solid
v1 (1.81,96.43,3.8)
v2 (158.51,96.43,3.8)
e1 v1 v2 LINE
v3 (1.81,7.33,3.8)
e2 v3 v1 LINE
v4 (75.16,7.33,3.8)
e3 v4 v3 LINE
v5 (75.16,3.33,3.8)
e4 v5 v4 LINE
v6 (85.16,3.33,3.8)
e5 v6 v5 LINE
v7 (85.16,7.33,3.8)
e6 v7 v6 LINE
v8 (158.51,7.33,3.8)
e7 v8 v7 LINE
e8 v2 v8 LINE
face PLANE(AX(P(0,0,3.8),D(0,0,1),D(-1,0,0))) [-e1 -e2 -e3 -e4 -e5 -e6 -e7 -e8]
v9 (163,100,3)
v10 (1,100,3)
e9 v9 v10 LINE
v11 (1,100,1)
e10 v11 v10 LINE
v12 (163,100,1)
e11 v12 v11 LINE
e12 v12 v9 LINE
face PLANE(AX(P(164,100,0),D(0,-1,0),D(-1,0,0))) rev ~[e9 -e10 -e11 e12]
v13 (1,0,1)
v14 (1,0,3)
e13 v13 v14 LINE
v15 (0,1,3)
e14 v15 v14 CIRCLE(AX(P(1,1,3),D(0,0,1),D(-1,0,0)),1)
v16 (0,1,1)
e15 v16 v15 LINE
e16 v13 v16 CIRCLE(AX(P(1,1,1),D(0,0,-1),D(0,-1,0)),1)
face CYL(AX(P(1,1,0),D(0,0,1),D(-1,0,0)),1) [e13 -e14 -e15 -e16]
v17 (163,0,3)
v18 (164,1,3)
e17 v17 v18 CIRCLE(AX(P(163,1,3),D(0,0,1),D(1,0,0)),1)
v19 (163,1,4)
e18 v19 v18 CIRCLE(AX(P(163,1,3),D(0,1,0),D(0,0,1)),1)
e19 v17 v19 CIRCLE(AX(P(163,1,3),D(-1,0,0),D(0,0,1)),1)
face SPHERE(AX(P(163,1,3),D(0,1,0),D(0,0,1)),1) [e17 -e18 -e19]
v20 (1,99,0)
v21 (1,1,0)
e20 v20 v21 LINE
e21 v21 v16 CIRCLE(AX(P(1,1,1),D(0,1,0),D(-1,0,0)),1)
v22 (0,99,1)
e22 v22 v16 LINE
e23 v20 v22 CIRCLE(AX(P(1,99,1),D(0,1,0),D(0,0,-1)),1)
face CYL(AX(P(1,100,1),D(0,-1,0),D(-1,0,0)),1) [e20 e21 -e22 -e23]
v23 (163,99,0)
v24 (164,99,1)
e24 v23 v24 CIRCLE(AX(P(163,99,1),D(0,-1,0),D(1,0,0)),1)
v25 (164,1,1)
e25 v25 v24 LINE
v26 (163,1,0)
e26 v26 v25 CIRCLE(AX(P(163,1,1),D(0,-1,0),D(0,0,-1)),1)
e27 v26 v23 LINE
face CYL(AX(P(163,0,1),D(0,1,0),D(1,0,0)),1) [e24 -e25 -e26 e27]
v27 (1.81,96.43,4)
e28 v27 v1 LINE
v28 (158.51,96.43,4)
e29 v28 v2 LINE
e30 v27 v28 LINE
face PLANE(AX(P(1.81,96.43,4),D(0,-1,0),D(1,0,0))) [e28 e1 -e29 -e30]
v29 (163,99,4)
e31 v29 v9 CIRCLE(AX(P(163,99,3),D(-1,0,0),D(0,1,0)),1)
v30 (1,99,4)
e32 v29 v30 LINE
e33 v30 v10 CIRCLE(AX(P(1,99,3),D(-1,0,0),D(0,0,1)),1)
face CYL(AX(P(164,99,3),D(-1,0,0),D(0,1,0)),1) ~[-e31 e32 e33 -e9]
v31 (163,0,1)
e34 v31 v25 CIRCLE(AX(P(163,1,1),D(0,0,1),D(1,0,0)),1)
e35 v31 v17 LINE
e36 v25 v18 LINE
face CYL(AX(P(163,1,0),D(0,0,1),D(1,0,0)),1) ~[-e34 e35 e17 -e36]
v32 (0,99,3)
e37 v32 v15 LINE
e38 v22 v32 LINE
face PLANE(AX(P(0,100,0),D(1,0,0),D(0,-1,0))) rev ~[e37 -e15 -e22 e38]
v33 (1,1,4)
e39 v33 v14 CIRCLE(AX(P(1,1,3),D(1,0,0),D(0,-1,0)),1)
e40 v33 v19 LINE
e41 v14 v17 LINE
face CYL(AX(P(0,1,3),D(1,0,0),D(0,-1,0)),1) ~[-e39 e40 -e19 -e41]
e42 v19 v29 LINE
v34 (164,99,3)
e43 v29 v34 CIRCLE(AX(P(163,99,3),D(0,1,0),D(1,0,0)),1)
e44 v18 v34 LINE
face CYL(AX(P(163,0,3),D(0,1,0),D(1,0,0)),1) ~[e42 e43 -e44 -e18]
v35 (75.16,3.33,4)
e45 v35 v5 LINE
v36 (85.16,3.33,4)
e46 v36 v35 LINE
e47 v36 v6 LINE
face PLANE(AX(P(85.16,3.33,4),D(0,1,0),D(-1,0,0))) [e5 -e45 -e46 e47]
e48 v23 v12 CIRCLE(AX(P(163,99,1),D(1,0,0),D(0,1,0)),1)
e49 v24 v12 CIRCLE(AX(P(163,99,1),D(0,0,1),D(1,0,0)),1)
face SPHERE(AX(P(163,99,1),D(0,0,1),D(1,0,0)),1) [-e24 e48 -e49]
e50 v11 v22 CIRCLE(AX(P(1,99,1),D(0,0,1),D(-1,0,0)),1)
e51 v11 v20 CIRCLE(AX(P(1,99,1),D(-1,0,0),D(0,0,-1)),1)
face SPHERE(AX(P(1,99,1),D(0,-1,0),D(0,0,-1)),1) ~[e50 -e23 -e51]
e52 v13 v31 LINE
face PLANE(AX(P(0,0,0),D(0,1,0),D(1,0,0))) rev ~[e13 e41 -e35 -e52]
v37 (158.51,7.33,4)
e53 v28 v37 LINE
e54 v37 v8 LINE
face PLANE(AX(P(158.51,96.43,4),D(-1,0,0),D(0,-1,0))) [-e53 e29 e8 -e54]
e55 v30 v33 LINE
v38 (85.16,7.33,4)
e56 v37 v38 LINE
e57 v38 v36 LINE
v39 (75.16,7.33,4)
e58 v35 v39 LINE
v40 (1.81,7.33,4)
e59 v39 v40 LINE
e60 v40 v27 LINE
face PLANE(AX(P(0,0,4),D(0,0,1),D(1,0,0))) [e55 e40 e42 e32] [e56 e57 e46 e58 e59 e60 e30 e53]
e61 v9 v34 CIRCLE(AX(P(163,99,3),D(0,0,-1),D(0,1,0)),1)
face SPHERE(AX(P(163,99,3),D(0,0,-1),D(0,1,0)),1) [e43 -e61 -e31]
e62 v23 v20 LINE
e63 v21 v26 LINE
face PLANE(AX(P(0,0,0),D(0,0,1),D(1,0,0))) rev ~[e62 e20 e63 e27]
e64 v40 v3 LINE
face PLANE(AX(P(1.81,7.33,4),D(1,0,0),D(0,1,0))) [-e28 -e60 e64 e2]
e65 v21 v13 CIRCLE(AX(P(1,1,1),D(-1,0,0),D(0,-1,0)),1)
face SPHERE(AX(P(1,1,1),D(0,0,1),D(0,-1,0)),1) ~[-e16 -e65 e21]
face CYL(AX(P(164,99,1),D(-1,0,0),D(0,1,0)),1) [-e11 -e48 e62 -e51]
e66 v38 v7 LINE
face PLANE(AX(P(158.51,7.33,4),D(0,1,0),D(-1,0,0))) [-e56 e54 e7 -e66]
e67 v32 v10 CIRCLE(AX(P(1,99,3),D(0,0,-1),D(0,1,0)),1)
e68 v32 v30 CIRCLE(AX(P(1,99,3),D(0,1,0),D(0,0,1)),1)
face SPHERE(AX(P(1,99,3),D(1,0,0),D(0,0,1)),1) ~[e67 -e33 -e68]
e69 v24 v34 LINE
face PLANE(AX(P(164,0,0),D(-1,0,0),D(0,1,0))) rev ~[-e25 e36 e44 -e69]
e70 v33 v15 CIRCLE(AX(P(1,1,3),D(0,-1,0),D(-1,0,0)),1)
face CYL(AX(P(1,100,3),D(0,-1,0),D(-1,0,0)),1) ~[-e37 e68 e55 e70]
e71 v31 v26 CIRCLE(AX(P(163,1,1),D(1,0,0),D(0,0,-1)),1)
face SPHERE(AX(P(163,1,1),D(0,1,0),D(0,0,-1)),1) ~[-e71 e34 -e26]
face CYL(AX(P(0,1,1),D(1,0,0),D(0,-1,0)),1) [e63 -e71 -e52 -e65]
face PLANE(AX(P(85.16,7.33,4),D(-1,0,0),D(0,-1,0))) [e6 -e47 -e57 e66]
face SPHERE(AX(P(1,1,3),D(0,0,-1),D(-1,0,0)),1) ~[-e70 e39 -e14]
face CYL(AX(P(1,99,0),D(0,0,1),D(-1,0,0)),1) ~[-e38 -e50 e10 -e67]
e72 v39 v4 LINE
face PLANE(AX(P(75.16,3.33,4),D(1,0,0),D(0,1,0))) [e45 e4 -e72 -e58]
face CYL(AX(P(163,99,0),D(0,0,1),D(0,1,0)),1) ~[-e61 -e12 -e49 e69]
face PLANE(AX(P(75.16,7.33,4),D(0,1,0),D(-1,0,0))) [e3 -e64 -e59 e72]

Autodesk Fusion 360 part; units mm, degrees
sketch "Sketch1" plane through (0, 0, 0) normal (0, 0, 1) x (1, 0, 0) in component "Display"
  line L0 (0, 0) -> (164, 0)
  line L1 (164, 0) -> (164, 100)
  line L2 (164, 100) -> (0, 100)
  line L3 (0, 100) -> (0, 0)
  dimension "d1" = 164
  dimension "d2" = 100
extrude "Extrude1" add sketch "Sketch1" along normal blind 4 in component "Display"
fillet "Fillet1" radius 1 12 edges at (164, 100, 2) (164, 50, 0) (82, 100, 4) (0, 0, 2) (164, 50, 4) (0, 50, 4) (82, 0, 4) (82, 0, 0) (0, 50, 0) (164, 0, 2) (82, 100, 0) (0, 100, 2) in component "Display"
sketch "Sketch2" plane through (0, 0, 4) normal (0, 0, 1) x (-1, 0, 0) in component "Display"
  line L0 (-163, -99) -> (-1, -99)
  line L1 (-1, -99) -> (-1, -1)
  line L2 (-1, -1) -> (-163, -1)
  line L3 (-163, -1) -> (-163, -99)
  line L4 (-1.81, -96.43) -> (-158.51, -96.43)
  line L5 (-158.51, -96.43) -> (-158.51, -7.33)
  line L6 (-158.51, -7.33) -> (-1.81, -7.33)
  line L7 (-1.81, -7.33) -> (-1.81, -96.43)
  line L8 (-164, -100) -> (0, -100)
  line L9 (-164, 0) -> (-164, -100)
  line L10 (-75.16, -7.33) -> (-85.16, -7.33)
  line L11 (-85.16, -7.33) -> (-85.16, -3.33)
  line L12 (-85.16, -3.33) -> (-75.16, -3.33)
  line L13 (-75.16, -3.33) -> (-75.16, -7.33)
  line L14 (-80.16, -3.33) -> (-80.16, -7.33) construction
  dimension "d7" = 3.57
  dimension "d8" = 5.49
  dimension "d9" = 156.7
  dimension "d10" = 89.1
  dimension "d13" = 10
  dimension "d14" = 4
extrude "Extrude2" cut sketch "Sketch2" against normal blind 0.2 contours L4 L5 L6 L7 L10 | L6 L10 L11 L12 L13 in component "Display"
component "Display" placed x (1, 0, 0) y (0, 1, 0) z (0, 0, 1) at (0, 0, 0)
